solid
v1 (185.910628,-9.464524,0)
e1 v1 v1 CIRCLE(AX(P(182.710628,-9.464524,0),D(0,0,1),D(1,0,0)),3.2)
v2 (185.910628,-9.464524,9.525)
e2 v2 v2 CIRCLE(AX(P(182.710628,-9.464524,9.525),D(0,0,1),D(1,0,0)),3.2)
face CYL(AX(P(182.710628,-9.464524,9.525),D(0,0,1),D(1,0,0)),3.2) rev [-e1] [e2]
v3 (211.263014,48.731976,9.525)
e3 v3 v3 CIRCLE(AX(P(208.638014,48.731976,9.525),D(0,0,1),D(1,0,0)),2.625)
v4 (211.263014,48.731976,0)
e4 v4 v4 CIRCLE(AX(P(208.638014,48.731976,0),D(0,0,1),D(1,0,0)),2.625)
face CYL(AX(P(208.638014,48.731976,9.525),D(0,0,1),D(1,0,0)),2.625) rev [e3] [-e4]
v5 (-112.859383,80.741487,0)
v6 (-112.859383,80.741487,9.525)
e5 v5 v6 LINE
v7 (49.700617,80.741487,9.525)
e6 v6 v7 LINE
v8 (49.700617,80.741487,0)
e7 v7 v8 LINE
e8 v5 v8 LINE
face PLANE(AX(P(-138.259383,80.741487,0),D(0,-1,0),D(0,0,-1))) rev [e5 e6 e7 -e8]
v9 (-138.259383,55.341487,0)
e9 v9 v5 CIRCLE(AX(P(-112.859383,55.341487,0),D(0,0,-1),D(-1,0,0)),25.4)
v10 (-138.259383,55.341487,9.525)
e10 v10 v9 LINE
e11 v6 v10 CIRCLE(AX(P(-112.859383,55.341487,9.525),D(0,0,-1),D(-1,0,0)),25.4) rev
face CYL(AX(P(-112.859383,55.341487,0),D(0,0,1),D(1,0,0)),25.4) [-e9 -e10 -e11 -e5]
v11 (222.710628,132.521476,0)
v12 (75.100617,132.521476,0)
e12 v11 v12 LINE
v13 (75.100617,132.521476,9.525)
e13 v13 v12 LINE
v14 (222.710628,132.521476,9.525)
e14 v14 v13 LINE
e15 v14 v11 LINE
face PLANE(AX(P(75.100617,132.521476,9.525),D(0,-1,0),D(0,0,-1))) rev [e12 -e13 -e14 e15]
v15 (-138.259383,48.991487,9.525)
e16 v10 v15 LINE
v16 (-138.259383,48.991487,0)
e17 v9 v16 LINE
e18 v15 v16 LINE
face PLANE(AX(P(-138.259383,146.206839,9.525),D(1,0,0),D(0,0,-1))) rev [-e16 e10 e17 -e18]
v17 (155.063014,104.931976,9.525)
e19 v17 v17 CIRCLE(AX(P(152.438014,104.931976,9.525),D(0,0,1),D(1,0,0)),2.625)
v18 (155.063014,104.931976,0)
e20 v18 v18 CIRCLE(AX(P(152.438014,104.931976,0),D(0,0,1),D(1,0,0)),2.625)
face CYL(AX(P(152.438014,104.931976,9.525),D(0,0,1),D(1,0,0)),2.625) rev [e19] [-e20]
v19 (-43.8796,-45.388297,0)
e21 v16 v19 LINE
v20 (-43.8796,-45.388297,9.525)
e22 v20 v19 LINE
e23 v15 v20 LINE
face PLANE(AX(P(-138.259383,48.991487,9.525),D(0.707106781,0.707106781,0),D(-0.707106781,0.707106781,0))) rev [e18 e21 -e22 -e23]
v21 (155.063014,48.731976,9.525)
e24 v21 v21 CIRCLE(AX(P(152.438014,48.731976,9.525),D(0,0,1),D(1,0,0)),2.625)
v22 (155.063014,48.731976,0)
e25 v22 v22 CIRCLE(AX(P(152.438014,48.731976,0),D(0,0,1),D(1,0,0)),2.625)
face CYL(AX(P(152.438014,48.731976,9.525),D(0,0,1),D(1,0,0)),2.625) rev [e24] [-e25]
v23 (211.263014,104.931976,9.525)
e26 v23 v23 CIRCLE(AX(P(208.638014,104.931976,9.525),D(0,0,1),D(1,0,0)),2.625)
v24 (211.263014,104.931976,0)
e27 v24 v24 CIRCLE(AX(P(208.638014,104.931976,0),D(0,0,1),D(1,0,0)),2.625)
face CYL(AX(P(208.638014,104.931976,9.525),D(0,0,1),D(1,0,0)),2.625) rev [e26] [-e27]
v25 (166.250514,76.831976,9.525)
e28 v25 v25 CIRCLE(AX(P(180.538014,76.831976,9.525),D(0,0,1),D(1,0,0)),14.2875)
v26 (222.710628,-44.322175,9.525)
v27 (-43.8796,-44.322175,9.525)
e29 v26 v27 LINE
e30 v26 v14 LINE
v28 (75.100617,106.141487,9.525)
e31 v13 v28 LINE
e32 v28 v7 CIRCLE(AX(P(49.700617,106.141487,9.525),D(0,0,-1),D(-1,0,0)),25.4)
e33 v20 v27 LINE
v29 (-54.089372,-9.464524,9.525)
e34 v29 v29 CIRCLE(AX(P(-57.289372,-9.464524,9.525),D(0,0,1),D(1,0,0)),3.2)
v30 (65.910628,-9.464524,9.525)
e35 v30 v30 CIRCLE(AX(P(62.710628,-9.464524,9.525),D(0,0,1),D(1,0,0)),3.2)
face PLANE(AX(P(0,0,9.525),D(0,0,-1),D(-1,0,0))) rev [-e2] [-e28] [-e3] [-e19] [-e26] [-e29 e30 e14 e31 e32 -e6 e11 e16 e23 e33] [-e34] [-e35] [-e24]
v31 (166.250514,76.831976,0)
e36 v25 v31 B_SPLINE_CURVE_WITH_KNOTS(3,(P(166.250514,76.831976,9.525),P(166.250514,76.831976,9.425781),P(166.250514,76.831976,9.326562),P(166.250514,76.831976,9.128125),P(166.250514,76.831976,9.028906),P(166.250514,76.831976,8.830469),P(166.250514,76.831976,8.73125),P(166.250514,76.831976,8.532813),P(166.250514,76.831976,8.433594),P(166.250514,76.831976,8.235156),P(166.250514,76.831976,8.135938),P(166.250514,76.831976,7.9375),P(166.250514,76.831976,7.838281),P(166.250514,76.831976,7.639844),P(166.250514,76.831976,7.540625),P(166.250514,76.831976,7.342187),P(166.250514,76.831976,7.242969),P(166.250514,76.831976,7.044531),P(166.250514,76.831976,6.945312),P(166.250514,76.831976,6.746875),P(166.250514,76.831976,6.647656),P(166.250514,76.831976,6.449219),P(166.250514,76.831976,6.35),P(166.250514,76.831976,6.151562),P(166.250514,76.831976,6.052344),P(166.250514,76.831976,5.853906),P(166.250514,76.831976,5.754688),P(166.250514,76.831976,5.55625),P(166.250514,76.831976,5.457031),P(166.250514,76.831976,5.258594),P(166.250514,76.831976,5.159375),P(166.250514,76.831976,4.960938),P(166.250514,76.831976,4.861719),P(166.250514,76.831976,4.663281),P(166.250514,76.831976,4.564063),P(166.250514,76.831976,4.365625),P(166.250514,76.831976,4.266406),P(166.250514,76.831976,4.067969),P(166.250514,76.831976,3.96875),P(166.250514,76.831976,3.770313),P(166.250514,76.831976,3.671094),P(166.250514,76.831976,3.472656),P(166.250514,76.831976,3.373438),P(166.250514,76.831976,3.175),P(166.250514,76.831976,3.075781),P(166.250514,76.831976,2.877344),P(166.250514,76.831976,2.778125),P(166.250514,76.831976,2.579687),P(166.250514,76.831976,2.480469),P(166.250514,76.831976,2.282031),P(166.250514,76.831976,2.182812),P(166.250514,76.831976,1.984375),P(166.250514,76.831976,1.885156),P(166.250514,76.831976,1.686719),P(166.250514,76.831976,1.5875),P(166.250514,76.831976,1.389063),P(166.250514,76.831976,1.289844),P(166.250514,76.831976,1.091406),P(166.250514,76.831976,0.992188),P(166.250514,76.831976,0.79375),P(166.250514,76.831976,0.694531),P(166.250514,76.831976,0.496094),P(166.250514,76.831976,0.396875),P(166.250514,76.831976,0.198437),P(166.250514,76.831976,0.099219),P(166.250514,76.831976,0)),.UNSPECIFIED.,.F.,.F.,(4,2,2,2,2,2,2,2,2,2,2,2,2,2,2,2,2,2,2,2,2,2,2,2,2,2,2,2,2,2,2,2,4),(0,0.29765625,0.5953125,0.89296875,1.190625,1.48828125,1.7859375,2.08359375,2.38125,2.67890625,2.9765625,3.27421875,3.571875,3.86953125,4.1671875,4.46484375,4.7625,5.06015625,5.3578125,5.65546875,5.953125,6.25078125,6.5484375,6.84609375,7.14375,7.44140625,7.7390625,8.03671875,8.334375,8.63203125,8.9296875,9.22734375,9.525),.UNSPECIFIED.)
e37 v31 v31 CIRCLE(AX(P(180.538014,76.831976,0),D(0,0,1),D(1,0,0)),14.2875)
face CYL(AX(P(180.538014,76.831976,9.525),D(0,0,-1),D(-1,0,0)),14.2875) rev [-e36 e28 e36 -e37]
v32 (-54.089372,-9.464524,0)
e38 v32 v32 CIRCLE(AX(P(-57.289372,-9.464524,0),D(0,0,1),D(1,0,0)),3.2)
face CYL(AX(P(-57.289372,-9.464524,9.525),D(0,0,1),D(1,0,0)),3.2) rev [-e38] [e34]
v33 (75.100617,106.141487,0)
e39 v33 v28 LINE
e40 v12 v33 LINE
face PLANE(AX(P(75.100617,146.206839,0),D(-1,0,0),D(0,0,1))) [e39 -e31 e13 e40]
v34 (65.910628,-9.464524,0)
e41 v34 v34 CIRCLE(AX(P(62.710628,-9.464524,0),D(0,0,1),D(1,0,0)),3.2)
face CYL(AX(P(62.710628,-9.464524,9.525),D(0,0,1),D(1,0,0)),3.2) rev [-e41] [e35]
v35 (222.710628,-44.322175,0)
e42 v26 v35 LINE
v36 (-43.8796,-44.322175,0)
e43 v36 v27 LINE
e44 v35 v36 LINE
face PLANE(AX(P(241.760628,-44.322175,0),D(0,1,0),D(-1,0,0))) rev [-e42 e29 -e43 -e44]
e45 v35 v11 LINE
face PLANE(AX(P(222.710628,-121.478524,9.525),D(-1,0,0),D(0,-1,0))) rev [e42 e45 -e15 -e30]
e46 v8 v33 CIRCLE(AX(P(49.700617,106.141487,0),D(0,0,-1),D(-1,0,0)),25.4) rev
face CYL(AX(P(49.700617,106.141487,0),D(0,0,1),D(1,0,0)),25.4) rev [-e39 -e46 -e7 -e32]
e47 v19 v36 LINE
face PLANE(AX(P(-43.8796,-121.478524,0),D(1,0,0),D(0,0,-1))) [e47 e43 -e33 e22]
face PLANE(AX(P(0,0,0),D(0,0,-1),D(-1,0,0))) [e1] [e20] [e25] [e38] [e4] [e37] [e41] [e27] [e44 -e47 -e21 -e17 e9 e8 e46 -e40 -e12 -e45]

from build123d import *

# Parameters (mm, degrees)
SKETCH1_R                    = 14.2875
BOSS_EXTRUDE1_DEPTH          = 9.525
SKETCH2_W                    = 285.640227578
SKETCH2_H                    = 77.156349518
CUT_EXTRUDE1_DEPTH           = 267.58430025
SKETCH4_W                    = 213.36
SKETCH4_H                    = 65.465352004
CUT_EXTRUDE2_DEPTH           = 267.58430025
FILLET2_R                    = 25.4
SKETCH16_W                   = 9.525
SKETCH16_H                   = 0.985363282
CUT_EXTRUDE3_DEPTH           = 390.572219806
SKETCH17_W                   = 147.610011278
SKETCH17_H                   = 12.7
CUT_EXTRUDE4_DEPTH           = 267.045158533
TAP_DRILL_FOR_M6X0_75_TAP1_D = 5.25
F_6_4_6_4_DIAMETER_HOLE1_D   = 6.4


with BuildPart() as part:
    # Sketch1 → Boss-Extrude1 (new body)
    with BuildSketch(Plane.XY):
        Polygon((-138.259383474, 48.991487021), (32.210627804, -121.478524257), (222.710627804, -121.478524257), (222.710627804, 146.206839025), (-138.259383474, 146.206839025), align=None)
        with Locations(Location((180.538014078, 76.831975743, 0), (0, 0, 180))):
            Circle(SKETCH1_R, mode=Mode.SUBTRACT)
    extrude(amount=BOSS_EXTRUDE1_DEPTH)

    # Sketch2 → Cut-Extrude1 (cut, through all)
    with BuildSketch(Plane.XY.offset(9.525)):
        with Locations((98.940514015, -82.900349498)):
            Rectangle(SKETCH2_W, SKETCH2_H)
    extrude(amount=-CUT_EXTRUDE1_DEPTH, mode=Mode.SUBTRACT)

    # Sketch4 → Cut-Extrude2 (cut, through all)
    with BuildSketch(Plane.XY.offset(9.525)):
        with Locations((-31.579383474, 113.474163023)):
            Rectangle(SKETCH4_W, SKETCH4_H)
    extrude(amount=-CUT_EXTRUDE2_DEPTH, mode=Mode.SUBTRACT)

    # Fillet2
    fillet2_edges = [part.edges().sort_by_distance(p)[0] for p in [
        (-138.259383474, 80.741487021, 4.7625),
        (75.100616526, 80.741487021, 4.7625),
    ]]
    fillet(fillet2_edges, radius=FILLET2_R)

    # Sketch16 → Cut-Extrude3 (cut, through all)
    with BuildSketch(Plane(origin=(222.710627804, 0, 0), x_dir=(0, 0, -1), z_dir=(1, 0, 0))):
        with Locations((-4.7625, 145.714157384)):
            Rectangle(SKETCH16_W, SKETCH16_H)
    extrude(amount=-CUT_EXTRUDE3_DEPTH, mode=Mode.SUBTRACT)

    # Sketch17 → Cut-Extrude4 (cut, through all)
    with BuildSketch(Plane(origin=(0, 0, 0), x_dir=(-1, 0, 0), z_dir=(0, 0, -1))):
        with Locations((-148.905622165, 138.871475743)):
            Rectangle(SKETCH17_W, SKETCH17_H)
    extrude(amount=-CUT_EXTRUDE4_DEPTH, mode=Mode.SUBTRACT)

    # Tap Drill for M6x0.75 Tap1 (through all)
    with Locations(Plane.XY.offset(9.525)):
        with Locations((208.638014078, 104.931975743), (152.438014078, 104.931975743), (152.438014078, 48.731975743), (208.638014078, 48.731975743)):
            Hole(TAP_DRILL_FOR_M6X0_75_TAP1_D / 2)

    # Ø6.4 (6.4) Diameter Hole1 (through all)
    with Locations(Plane.XY.offset(9.525)):
        with Locations((-57.289372206, -9.464524257), (62.710627794, -9.464524257), (182.710627794, -9.464524257)):
            Hole(F_6_4_6_4_DIAMETER_HOLE1_D / 2)


solid = part.part
